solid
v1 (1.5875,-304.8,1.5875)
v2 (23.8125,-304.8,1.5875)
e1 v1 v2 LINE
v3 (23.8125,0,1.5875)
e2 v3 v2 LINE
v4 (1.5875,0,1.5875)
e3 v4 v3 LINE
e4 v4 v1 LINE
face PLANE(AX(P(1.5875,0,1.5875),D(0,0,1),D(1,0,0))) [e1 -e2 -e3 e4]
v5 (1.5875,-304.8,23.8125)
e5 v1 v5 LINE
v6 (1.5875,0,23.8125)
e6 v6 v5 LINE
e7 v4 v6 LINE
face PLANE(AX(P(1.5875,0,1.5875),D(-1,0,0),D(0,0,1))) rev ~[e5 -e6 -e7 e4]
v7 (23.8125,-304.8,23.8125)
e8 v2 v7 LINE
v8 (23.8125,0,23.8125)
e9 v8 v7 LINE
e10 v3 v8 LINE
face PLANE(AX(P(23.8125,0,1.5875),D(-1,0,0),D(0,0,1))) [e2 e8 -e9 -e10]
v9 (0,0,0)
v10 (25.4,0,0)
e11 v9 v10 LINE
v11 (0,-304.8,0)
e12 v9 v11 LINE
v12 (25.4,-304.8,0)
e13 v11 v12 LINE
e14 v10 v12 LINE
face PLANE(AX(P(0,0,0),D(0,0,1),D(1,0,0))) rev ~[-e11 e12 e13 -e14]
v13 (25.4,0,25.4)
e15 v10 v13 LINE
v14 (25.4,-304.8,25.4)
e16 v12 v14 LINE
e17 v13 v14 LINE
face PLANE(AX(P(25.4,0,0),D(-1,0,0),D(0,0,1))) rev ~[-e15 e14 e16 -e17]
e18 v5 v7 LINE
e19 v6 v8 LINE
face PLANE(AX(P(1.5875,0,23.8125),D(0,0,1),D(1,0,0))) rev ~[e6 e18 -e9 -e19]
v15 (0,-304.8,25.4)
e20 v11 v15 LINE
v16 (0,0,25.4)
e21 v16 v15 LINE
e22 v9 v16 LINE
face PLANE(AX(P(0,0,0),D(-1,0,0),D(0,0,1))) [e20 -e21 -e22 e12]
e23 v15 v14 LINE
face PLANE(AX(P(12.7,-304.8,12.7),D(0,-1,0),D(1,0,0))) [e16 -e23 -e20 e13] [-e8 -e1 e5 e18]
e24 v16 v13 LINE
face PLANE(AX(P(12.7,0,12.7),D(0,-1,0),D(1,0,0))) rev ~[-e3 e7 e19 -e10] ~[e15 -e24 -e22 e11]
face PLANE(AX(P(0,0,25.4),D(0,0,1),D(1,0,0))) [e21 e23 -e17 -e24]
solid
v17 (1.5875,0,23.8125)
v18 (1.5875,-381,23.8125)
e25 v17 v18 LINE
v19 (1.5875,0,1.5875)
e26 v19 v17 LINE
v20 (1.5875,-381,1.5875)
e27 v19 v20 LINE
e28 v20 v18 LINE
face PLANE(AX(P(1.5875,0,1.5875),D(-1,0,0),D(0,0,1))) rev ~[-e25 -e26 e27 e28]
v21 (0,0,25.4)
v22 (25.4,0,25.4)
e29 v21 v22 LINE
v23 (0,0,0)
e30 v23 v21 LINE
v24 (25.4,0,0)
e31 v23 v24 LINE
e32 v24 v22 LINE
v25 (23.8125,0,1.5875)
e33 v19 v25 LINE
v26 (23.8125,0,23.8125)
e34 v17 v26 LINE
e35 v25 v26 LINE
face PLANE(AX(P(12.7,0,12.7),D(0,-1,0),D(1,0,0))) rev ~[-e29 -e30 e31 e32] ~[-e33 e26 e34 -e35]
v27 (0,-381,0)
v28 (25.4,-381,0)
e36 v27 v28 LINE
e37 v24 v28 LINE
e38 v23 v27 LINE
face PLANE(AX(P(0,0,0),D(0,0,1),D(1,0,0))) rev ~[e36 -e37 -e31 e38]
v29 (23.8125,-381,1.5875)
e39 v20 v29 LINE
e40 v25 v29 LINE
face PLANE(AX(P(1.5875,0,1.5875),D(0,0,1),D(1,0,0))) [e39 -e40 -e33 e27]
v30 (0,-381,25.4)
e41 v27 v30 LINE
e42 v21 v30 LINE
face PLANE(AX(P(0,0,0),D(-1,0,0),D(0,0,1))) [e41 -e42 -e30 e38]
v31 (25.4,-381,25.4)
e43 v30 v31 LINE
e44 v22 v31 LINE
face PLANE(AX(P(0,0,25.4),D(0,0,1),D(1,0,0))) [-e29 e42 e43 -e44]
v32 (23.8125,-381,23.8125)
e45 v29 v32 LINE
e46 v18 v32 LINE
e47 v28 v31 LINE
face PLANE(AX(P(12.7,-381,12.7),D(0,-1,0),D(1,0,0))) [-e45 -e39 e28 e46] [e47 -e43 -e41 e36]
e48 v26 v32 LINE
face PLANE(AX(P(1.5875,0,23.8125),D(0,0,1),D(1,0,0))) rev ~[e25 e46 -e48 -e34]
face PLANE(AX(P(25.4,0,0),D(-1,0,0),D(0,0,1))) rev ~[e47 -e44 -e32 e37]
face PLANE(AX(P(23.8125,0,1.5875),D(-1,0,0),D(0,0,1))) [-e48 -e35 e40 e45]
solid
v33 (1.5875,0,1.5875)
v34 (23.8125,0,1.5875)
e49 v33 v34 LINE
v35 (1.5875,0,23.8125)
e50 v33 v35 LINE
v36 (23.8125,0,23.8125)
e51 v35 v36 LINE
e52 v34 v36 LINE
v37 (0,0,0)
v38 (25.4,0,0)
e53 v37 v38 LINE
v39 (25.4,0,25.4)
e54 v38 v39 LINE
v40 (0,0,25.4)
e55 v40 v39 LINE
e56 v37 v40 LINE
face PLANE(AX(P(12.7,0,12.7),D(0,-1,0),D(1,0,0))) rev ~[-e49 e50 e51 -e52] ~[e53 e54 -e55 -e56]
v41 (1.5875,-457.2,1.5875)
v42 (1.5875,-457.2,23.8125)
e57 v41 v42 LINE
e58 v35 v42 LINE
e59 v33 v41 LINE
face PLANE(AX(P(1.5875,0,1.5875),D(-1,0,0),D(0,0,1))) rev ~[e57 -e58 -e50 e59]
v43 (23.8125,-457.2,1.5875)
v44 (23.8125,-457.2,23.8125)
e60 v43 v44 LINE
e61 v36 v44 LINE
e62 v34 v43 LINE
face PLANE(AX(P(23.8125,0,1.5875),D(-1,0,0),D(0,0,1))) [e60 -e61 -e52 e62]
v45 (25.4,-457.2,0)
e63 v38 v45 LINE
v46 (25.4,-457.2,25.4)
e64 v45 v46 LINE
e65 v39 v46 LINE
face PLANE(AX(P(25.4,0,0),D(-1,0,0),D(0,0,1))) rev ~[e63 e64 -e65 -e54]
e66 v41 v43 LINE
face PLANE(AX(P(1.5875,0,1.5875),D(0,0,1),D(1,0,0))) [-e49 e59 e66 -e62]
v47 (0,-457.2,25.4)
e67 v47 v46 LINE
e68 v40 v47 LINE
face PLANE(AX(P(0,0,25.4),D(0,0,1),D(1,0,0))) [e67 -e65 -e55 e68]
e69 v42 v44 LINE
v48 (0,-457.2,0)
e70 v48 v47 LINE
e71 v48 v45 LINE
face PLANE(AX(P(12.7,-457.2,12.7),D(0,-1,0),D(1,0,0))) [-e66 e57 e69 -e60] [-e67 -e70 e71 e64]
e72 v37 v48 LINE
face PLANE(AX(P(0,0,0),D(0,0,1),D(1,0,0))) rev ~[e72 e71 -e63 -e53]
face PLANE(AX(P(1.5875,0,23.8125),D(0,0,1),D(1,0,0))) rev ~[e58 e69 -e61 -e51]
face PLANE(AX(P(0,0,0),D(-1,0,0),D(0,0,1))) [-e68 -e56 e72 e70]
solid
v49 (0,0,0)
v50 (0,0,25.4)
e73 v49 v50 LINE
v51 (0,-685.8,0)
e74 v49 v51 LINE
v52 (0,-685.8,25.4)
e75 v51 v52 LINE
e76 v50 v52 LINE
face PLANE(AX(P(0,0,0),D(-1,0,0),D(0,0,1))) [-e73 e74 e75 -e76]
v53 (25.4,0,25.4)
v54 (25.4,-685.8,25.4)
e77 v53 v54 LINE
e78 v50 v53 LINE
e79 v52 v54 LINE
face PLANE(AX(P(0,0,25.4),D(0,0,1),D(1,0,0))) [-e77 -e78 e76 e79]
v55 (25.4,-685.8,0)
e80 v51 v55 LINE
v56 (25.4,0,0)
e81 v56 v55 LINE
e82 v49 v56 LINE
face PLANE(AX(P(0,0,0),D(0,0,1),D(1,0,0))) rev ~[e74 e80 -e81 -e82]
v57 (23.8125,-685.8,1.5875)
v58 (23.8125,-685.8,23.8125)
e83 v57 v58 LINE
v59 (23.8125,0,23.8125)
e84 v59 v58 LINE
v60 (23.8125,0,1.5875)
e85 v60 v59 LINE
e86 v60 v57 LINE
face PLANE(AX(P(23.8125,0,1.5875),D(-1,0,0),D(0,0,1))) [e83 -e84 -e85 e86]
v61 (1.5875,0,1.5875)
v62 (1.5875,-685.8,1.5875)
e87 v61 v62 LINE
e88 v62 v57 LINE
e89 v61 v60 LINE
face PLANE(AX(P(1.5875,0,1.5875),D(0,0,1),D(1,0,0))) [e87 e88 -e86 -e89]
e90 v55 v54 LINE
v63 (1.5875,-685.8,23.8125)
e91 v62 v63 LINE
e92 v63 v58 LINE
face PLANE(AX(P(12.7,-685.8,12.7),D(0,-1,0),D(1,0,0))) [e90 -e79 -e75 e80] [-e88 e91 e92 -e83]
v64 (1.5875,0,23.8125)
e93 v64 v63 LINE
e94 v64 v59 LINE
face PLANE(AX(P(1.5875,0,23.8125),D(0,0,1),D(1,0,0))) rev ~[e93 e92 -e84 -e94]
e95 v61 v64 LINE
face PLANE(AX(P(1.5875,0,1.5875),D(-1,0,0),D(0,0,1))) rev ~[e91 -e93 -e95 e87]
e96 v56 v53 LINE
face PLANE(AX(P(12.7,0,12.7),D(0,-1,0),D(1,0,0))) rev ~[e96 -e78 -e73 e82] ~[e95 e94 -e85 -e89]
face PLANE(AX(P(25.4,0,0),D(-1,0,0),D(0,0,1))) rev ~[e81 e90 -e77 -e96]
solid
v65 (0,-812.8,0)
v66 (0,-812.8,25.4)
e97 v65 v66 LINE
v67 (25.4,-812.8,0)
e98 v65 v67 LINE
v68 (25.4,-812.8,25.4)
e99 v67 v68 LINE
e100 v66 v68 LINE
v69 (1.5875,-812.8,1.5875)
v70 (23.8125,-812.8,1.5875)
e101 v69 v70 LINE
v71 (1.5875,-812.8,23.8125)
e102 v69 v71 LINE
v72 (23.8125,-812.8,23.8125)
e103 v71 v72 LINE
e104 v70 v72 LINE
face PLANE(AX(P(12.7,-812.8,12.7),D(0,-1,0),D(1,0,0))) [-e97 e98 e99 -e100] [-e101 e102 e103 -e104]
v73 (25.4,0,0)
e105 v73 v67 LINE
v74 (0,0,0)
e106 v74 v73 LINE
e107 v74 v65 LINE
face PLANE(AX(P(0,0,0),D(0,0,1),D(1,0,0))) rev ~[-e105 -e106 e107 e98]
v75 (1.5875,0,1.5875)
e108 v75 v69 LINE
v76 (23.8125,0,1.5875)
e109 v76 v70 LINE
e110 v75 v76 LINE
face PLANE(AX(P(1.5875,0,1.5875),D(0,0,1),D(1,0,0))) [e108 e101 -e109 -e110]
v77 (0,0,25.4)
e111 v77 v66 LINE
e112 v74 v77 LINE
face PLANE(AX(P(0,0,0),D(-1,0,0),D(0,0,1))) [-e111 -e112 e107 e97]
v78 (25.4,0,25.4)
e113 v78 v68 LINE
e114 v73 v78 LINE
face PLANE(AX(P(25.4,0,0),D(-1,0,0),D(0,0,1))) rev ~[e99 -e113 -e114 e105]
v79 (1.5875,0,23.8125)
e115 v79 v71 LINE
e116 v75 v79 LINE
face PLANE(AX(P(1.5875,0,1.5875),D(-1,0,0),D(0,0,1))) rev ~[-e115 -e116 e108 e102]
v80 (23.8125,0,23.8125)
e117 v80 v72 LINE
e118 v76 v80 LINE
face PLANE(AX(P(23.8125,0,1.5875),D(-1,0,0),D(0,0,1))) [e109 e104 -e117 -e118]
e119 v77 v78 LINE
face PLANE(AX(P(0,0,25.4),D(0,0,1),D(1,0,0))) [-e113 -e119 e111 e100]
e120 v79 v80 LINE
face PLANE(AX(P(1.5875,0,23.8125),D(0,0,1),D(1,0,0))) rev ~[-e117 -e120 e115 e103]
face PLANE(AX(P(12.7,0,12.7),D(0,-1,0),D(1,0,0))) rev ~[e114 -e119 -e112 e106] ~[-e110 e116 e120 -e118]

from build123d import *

# Parameters (mm, degrees)
F0_W     = 25.4
F0_H     = 25.4
F0_W_2   = 22.225
F0_H_2   = 22.225
F1_DEPTH = 304.8
F2_DEPTH = 812.8
F3_DEPTH = 685.8
F4_DEPTH = 457.2
F5_DEPTH = 381


with BuildPart() as f1:
    # F0 (on Front) → F1 (new body)
    with BuildSketch(Plane.XZ):
        with Locations((12.7, 12.7)):
            Rectangle(F0_W, F0_H)
        with Locations((12.7, 12.7)):
            Rectangle(F0_W_2, F0_H_2, mode=Mode.SUBTRACT)
    extrude(amount=F1_DEPTH)


with BuildPart() as f2:
    # F0 (on Front) → F2 (new body)
    with BuildSketch(Plane.XZ):
        with Locations((12.7, 12.7)):
            Rectangle(F0_W, F0_H)
        with Locations((12.7, 12.7)):
            Rectangle(F0_W_2, F0_H_2, mode=Mode.SUBTRACT)
    extrude(amount=F2_DEPTH)


with BuildPart() as f3:
    # F0 (on Front) → F3 (new body)
    with BuildSketch(Plane.XZ):
        with Locations((12.7, 12.7)):
            Rectangle(F0_W, F0_H)
        with Locations((12.7, 12.7)):
            Rectangle(F0_W_2, F0_H_2, mode=Mode.SUBTRACT)
    extrude(amount=F3_DEPTH)


with BuildPart() as f4:
    # F0 (on Front) → F4 (new body)
    with BuildSketch(Plane.XZ):
        with Locations((12.7, 12.7)):
            Rectangle(F0_W, F0_H)
        with Locations((12.7, 12.7)):
            Rectangle(F0_W_2, F0_H_2, mode=Mode.SUBTRACT)
    extrude(amount=F4_DEPTH)


with BuildPart() as f5:
    # F0 (on Front) → F5 (new body)
    with BuildSketch(Plane.XZ):
        with Locations((12.7, 12.7)):
            Rectangle(F0_W, F0_H)
        with Locations((12.7, 12.7)):
            Rectangle(F0_W_2, F0_H_2, mode=Mode.SUBTRACT)
    extrude(amount=F5_DEPTH)


solid = Compound([f1.part, f2.part, f3.part, f4.part, f5.part])
